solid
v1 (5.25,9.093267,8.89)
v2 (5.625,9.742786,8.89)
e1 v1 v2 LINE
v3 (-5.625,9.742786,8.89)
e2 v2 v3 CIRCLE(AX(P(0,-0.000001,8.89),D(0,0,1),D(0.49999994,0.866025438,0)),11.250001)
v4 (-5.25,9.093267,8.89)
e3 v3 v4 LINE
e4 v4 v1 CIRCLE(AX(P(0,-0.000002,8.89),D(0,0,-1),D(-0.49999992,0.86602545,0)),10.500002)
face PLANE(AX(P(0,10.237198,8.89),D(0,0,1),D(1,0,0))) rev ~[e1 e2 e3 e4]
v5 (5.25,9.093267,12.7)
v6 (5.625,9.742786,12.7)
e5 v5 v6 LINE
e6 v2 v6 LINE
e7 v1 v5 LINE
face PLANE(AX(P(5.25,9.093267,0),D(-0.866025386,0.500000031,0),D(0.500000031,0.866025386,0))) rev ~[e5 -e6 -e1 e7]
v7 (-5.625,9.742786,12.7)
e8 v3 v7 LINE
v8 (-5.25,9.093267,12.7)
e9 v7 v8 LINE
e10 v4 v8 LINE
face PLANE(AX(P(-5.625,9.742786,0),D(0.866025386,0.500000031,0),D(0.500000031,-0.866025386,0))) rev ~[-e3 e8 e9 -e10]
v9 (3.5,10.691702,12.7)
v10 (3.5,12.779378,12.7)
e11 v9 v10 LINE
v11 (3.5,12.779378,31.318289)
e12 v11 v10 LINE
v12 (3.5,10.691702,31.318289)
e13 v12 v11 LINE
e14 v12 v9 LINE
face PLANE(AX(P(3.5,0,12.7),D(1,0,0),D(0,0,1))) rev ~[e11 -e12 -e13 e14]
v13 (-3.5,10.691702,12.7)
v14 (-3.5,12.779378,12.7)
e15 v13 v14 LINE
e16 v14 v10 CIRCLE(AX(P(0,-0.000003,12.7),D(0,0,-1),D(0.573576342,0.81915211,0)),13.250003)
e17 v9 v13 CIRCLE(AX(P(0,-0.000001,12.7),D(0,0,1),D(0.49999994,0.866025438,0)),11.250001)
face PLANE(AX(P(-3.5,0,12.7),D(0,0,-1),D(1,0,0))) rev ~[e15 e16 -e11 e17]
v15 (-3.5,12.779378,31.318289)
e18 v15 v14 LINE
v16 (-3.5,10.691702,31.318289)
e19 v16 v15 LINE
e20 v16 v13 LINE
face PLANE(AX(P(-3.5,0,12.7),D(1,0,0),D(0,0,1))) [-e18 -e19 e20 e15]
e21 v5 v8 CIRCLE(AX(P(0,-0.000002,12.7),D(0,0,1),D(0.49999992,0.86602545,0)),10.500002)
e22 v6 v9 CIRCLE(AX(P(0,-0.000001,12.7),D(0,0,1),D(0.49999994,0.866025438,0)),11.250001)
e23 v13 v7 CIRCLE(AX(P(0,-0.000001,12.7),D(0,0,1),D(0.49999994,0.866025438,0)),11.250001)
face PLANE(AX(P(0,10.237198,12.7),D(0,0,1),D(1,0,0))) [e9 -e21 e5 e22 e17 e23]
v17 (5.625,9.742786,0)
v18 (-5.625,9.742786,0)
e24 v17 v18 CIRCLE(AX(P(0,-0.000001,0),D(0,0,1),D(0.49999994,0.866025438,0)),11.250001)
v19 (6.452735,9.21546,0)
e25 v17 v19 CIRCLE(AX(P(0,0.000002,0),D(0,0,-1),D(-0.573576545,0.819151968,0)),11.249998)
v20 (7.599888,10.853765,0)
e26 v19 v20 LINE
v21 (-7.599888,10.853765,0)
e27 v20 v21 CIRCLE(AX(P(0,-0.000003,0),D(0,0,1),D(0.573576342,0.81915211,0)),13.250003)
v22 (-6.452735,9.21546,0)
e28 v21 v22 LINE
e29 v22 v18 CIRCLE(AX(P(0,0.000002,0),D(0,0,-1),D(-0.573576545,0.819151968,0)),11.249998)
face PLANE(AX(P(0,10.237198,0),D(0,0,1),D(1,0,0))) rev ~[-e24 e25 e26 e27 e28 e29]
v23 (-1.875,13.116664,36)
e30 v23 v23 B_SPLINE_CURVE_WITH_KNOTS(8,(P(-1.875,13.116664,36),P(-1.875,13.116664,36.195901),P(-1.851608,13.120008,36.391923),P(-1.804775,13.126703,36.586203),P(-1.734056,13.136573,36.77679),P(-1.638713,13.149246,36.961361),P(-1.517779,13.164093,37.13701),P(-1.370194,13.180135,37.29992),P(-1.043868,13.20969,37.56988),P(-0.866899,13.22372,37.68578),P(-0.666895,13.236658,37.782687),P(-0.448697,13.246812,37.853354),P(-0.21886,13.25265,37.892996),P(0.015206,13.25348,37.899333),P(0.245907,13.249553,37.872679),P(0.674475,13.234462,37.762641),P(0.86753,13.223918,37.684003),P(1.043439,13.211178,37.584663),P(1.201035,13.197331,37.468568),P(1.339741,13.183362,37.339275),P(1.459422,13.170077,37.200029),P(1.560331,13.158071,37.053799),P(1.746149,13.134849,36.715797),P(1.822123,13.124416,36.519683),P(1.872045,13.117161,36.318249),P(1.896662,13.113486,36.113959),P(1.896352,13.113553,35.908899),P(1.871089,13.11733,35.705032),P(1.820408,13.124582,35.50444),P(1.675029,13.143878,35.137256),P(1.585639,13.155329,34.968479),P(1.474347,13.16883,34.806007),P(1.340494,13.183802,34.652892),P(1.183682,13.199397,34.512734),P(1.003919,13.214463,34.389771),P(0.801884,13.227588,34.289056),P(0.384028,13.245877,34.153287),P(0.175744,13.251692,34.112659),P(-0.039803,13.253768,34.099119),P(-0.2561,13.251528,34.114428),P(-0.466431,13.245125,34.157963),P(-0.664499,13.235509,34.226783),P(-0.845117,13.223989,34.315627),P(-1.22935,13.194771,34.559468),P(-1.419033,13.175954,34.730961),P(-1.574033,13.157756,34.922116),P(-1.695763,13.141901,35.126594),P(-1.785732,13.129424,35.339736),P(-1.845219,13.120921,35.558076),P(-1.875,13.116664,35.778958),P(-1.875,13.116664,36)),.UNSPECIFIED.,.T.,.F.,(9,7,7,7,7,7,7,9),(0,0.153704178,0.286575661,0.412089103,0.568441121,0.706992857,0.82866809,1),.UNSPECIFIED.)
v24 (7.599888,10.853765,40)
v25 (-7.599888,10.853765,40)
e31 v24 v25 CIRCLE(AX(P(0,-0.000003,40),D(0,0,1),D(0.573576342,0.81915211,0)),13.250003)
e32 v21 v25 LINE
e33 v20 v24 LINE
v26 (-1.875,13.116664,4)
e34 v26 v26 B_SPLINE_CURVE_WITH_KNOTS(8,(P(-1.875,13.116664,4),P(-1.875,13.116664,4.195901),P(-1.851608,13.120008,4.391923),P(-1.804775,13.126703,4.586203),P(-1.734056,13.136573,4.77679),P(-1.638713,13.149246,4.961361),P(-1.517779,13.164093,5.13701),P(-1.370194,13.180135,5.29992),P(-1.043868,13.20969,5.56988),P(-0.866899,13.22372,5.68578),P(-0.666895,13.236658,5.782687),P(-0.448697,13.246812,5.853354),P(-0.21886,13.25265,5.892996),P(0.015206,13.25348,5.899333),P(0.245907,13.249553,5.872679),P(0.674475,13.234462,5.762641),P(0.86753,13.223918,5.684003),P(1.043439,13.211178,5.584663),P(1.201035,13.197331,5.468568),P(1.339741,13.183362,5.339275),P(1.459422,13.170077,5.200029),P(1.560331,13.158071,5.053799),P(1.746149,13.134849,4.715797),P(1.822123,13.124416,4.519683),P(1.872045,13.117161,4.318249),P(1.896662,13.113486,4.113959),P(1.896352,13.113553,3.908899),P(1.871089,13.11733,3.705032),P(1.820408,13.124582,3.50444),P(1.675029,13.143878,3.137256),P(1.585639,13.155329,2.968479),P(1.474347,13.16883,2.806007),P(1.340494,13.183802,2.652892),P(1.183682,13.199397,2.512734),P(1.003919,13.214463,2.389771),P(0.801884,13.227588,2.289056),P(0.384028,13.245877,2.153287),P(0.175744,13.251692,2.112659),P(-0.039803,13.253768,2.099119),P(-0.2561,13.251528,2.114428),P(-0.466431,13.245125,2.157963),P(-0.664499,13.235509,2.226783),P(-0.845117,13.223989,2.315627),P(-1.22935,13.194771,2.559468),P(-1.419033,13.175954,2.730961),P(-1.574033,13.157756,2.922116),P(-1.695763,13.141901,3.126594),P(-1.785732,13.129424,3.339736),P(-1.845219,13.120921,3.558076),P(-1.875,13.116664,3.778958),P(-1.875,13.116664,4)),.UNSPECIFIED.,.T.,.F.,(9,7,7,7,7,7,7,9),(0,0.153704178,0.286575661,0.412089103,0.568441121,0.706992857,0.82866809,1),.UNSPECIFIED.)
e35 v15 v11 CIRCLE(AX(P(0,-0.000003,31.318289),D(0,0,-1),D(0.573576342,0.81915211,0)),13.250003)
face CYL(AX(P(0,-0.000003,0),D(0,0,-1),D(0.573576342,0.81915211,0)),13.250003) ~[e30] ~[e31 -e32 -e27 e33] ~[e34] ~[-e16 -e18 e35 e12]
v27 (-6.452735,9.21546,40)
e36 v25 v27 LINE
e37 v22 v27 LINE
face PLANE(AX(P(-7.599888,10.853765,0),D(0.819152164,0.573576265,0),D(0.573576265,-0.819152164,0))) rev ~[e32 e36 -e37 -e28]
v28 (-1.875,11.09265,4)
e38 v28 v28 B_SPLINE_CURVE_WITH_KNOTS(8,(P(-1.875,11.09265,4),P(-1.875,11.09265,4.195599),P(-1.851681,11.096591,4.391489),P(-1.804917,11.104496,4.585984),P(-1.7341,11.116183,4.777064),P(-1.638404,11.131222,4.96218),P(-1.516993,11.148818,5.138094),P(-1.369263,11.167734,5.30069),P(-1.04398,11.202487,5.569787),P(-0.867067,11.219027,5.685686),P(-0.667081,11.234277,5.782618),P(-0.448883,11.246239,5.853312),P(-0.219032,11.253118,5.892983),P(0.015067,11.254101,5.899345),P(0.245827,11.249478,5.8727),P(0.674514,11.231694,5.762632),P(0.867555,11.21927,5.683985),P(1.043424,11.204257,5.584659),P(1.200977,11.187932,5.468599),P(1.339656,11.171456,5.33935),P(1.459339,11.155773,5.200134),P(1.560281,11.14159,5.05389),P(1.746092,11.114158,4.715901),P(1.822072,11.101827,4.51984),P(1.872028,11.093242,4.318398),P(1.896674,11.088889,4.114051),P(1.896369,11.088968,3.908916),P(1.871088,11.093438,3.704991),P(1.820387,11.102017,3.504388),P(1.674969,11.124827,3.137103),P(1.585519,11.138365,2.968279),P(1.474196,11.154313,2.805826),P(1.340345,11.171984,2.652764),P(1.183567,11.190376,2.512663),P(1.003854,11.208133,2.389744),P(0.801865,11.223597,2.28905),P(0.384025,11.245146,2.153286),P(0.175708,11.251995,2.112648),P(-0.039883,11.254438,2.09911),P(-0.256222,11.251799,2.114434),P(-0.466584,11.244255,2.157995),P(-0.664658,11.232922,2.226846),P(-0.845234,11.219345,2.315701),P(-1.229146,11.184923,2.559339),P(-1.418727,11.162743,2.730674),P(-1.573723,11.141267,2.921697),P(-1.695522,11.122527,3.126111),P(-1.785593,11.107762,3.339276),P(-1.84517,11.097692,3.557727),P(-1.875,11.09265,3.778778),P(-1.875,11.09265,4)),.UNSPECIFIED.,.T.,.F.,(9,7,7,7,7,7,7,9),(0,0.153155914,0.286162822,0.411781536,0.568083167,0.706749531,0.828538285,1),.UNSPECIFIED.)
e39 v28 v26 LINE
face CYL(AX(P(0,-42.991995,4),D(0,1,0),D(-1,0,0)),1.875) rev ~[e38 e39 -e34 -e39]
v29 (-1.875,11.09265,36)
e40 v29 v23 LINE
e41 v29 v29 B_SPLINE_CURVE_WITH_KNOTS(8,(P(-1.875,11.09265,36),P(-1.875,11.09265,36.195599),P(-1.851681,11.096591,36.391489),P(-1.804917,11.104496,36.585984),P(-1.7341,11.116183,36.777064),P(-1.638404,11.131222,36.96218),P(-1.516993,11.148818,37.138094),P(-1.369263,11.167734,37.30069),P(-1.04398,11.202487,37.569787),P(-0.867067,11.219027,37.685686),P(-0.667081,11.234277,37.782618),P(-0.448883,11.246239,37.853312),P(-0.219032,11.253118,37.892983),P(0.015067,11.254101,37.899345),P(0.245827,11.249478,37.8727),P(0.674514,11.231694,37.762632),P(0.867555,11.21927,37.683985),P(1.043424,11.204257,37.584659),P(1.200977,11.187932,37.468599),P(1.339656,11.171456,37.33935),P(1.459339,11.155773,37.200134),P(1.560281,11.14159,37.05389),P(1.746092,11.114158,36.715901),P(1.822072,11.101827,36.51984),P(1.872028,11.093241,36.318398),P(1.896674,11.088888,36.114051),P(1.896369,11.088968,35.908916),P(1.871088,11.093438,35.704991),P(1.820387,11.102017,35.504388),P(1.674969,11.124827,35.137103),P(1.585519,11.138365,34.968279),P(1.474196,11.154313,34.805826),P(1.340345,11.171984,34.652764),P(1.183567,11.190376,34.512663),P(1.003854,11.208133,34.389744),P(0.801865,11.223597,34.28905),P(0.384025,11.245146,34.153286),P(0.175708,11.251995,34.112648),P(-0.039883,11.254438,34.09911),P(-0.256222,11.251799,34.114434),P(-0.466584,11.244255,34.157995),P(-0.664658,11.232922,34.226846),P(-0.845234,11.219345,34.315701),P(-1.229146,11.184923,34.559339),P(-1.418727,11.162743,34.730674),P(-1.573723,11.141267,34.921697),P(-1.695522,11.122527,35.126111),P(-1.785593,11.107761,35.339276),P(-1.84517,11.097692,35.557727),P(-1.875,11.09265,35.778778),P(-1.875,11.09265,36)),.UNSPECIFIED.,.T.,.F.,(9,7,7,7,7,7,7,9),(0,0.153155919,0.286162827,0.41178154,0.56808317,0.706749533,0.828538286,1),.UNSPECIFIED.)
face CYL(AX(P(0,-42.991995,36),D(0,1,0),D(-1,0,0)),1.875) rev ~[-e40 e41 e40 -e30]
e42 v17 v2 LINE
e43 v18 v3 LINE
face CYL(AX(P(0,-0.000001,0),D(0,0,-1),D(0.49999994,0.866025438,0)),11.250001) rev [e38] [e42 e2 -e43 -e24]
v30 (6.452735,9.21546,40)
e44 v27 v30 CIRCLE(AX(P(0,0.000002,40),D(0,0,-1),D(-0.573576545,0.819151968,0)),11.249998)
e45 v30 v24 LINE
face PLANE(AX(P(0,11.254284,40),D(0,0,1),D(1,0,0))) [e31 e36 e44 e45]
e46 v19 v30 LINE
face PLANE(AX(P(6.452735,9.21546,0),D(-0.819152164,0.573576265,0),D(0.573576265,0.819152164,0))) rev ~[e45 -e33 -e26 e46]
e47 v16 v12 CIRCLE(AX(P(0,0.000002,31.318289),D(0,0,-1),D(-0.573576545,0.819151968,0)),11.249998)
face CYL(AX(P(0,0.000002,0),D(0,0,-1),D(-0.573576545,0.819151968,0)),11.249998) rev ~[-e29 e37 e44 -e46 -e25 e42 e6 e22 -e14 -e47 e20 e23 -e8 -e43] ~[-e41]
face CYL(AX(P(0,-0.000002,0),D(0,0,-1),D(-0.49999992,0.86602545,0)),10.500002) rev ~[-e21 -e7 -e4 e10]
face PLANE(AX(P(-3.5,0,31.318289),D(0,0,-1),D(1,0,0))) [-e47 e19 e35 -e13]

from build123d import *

# Parameters (mm, degrees)
F1_DEPTH = 40
F3_DEPTH = 12.7
F4_DEPTH = 8.89
F6_D     = 3.75
F7_W     = 7
F7_H     = 18.618289
F8_DEPTH = 25.4


with BuildPart() as f1:
    # F0 (on Top) → F1 (new body)
    with BuildSketch(Plane.XY):
        with BuildLine():
            ThreePointArc((-6.452735, 9.21546), (0, 11.25), (6.452735, 9.21546))
            Line((6.452735, 9.21546), (7.599888, 10.853765))
            ThreePointArc((7.599888, 10.853765), (0, 13.25), (-7.599888, 10.853765))
            Line((-7.599888, 10.853765), (-6.452735, 9.21546))
        make_face()
    extrude(amount=F1_DEPTH)

    # F2 (on Top) → F3 (join)
    with BuildSketch(Plane.XY):
        with BuildLine():
            ThreePointArc((-5.25, 9.093267), (0, 10.5), (5.25, 9.093267))
            Line((5.25, 9.093267), (5.625, 9.742786))
            ThreePointArc((5.625, 9.742786), (0, 11.25), (-5.625, 9.742786))
            Line((-5.625, 9.742786), (-5.25, 9.093267))
        make_face()
    extrude(amount=F3_DEPTH)

    # F2 (on Top) → F4 (cut)
    with BuildSketch(Plane.XY):
        with BuildLine():
            ThreePointArc((-5.25, 9.093267), (0, 10.5), (5.25, 9.093267))
            Line((5.25, 9.093267), (5.625, 9.742786))
            ThreePointArc((5.625, 9.742786), (0, 11.25), (-5.625, 9.742786))
            Line((-5.625, 9.742786), (-5.25, 9.093267))
        make_face()
    extrude(amount=F4_DEPTH, mode=Mode.SUBTRACT)

    # F6 (through all)
    with Locations(Plane.XZ):
        with Locations((0, 36), (0, 4)):
            Hole(F6_D / 2)

    # F7 (on Front) → F8 (cut)
    with BuildSketch(Plane.XZ):
        with Locations((0, 22.009144)):
            Rectangle(F7_W, F7_H)
    extrude(amount=-F8_DEPTH, mode=Mode.SUBTRACT)


solid = f1.part
